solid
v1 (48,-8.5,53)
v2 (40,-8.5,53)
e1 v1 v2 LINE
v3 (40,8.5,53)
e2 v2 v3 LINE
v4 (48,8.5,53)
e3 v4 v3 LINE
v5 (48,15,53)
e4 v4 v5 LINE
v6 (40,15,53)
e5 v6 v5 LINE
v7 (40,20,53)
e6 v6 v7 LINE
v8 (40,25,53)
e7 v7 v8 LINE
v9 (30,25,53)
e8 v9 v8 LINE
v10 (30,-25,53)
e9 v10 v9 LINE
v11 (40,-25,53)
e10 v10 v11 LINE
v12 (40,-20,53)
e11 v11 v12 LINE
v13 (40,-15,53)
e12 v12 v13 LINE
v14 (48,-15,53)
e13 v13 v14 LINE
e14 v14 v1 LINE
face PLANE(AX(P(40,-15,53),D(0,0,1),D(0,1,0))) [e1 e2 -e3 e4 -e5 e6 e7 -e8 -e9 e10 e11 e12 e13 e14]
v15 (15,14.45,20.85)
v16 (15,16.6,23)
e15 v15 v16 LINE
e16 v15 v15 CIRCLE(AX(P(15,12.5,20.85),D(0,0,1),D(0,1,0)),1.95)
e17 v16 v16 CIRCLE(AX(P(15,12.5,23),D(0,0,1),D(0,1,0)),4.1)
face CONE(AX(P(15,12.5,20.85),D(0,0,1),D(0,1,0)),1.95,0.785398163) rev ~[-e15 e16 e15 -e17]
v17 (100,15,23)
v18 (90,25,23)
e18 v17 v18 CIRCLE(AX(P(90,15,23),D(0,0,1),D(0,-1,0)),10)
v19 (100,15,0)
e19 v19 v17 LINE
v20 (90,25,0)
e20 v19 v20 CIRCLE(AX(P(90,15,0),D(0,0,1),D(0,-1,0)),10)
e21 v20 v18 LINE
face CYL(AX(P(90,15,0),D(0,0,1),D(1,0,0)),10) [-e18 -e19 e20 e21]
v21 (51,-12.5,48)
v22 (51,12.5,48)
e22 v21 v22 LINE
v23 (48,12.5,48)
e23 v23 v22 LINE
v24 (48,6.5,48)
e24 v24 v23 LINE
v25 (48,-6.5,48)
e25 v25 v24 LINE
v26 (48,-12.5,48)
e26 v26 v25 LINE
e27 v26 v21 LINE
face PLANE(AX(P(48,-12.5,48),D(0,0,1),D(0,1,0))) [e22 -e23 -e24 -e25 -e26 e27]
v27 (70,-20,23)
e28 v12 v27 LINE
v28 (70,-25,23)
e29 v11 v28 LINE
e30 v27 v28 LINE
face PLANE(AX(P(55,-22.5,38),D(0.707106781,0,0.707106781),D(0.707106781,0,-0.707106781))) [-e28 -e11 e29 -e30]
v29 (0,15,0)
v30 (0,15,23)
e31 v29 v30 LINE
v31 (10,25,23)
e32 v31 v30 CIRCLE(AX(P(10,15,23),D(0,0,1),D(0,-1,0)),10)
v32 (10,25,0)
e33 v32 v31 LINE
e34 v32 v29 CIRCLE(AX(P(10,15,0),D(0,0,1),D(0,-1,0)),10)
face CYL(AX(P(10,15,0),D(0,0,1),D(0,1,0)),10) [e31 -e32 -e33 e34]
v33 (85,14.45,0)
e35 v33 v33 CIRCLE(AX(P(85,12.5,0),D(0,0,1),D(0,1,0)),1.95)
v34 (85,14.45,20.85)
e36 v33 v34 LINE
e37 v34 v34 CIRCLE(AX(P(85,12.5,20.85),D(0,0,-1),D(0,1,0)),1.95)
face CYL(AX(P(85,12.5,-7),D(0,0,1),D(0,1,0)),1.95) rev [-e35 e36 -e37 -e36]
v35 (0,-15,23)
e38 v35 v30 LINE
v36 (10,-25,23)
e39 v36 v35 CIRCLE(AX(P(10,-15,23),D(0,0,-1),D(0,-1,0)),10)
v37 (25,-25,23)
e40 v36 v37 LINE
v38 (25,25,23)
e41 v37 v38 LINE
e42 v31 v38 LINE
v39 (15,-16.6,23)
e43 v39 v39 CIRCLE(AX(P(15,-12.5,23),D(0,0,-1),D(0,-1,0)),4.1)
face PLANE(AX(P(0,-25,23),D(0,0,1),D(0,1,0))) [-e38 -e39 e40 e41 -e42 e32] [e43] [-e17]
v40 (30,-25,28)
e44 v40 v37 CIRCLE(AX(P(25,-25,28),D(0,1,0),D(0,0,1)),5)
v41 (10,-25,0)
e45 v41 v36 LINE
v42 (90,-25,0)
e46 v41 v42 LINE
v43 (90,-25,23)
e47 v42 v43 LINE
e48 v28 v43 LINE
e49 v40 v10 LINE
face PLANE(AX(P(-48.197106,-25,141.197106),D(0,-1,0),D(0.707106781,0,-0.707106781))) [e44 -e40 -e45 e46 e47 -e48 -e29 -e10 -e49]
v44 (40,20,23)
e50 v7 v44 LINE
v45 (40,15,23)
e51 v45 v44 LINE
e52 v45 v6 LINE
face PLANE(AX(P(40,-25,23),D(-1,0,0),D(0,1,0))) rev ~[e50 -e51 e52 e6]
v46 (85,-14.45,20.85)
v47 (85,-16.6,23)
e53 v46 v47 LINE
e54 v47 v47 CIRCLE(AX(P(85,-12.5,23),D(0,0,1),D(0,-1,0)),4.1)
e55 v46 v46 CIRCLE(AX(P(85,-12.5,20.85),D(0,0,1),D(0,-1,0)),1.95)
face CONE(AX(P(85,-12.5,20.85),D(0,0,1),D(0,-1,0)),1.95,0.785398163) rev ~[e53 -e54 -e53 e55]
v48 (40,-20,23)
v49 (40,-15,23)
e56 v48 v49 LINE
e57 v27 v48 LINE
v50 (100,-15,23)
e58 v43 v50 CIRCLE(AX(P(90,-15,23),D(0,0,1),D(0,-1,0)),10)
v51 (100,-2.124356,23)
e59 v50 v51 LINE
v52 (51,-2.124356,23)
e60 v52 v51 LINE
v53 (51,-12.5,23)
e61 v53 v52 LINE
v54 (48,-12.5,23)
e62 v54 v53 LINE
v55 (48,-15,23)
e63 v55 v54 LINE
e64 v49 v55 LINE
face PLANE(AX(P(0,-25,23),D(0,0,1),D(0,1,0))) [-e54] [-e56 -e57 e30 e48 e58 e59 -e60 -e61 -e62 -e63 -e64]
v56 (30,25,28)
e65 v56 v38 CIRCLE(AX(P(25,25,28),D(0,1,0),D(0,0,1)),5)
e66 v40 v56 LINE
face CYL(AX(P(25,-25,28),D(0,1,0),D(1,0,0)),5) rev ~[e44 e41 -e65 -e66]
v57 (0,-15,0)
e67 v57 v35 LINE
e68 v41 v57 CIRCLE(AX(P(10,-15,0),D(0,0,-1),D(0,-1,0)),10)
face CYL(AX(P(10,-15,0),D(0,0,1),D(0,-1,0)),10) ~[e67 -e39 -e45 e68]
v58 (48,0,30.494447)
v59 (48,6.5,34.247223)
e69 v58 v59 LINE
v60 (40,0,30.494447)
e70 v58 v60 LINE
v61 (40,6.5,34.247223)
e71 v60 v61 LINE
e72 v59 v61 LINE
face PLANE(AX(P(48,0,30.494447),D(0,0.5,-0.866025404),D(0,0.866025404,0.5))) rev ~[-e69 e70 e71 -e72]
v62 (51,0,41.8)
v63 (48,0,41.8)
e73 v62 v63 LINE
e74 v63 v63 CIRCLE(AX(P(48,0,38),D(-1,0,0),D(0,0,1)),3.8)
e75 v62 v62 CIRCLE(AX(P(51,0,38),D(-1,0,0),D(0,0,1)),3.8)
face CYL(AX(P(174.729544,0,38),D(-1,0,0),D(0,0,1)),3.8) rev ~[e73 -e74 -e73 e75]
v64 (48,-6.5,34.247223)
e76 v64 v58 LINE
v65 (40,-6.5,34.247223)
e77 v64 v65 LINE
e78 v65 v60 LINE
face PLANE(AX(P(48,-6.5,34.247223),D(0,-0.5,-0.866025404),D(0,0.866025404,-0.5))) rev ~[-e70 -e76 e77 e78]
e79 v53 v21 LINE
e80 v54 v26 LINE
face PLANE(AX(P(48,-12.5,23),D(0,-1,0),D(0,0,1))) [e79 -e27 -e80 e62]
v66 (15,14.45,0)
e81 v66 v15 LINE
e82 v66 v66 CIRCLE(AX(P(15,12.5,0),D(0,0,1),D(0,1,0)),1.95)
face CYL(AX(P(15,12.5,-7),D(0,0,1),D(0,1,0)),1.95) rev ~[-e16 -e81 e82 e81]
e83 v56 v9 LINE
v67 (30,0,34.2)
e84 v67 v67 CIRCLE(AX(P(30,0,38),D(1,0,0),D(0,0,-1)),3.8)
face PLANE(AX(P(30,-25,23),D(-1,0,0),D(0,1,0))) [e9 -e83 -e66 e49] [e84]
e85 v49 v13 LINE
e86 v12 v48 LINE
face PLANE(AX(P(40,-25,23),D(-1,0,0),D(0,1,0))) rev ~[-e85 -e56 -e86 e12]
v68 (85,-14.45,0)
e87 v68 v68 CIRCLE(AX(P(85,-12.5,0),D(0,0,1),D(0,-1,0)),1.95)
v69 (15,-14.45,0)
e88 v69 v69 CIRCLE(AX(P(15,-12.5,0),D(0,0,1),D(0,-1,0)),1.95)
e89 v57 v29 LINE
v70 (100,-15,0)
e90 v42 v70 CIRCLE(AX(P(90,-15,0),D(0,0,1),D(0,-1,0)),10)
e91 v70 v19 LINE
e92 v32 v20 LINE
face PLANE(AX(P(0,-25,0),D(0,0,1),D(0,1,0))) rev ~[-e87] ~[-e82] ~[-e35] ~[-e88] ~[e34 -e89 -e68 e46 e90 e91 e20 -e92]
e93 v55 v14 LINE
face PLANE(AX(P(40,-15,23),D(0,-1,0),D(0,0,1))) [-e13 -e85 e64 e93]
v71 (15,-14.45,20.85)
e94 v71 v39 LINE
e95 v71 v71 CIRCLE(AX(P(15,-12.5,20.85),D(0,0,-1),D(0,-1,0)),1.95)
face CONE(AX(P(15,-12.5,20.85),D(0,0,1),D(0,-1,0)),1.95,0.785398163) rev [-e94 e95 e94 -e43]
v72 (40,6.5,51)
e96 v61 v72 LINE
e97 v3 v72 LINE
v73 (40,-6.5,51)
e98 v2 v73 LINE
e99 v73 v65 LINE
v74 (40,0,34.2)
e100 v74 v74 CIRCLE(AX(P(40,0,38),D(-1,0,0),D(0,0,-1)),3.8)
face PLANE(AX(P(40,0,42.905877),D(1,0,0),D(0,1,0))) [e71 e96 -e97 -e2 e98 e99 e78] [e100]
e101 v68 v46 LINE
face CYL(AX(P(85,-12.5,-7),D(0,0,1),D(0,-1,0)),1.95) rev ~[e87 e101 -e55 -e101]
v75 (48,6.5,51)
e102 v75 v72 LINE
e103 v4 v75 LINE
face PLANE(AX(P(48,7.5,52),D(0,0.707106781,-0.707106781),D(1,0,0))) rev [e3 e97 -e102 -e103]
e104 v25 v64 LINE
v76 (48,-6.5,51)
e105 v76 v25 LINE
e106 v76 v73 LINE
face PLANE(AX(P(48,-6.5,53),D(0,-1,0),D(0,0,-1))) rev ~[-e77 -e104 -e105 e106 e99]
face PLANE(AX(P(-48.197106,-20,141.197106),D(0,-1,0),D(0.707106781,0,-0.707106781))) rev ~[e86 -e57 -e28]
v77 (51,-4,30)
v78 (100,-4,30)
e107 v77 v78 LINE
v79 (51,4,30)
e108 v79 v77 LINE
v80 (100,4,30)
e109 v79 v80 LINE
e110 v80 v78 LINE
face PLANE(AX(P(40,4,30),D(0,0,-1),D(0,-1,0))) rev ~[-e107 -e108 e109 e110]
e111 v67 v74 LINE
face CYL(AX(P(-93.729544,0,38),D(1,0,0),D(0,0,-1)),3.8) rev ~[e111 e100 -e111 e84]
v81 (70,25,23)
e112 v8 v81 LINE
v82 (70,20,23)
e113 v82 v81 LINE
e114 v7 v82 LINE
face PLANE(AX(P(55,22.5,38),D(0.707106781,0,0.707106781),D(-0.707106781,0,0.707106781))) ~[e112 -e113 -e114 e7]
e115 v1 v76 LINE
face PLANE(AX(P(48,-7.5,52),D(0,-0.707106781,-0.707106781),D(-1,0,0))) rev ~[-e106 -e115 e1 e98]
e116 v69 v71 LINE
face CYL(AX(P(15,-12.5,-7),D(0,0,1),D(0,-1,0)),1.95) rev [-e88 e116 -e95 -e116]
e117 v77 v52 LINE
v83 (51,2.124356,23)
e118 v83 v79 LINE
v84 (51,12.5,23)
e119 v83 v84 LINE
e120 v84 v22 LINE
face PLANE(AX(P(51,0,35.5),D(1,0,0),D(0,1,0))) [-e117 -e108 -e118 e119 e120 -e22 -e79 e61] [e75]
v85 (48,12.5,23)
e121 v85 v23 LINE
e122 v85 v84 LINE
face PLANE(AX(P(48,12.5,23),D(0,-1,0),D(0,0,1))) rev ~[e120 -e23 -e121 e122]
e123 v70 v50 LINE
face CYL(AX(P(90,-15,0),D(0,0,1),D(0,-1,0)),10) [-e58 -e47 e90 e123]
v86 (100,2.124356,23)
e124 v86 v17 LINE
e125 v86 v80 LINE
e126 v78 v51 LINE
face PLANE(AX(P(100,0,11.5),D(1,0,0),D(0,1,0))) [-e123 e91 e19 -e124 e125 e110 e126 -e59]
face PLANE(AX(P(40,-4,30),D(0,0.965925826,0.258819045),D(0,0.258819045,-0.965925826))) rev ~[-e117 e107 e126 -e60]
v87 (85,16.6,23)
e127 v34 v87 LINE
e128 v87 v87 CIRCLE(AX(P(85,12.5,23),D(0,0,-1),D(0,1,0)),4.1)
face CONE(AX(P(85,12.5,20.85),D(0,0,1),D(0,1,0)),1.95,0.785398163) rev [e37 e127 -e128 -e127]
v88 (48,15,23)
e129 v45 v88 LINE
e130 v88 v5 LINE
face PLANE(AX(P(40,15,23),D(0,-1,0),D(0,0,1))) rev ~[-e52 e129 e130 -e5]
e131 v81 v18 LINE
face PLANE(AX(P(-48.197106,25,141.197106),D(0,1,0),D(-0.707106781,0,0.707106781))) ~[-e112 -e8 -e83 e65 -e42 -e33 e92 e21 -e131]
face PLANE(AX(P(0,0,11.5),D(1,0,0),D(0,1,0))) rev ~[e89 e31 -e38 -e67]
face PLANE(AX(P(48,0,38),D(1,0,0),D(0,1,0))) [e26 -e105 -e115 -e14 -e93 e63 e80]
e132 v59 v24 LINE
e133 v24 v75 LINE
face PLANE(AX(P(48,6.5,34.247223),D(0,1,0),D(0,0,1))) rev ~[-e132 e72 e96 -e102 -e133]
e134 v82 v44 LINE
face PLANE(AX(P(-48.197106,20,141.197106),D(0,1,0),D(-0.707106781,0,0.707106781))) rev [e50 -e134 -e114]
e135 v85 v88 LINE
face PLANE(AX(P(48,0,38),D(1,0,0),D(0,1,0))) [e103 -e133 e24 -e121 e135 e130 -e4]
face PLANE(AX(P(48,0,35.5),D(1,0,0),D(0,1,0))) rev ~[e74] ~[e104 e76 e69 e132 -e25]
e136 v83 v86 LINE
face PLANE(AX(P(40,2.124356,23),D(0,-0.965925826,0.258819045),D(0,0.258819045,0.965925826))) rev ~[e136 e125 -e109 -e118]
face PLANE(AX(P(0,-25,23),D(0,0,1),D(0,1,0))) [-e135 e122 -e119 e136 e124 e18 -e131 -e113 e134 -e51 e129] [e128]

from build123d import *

# Parameters (mm, degrees)
SCHIZZO1_W                   = 50
SCHIZZO1_H                   = 23
ESTRUSIONE_ESTRUSIONE1_DEPTH = 100
SCHIZZO2_W                   = 10
SCHIZZO2_H                   = 50
ESTRUSIONE_ESTRUSIONE2_DEPTH = 30
M7_CLEARANCE_HOLE1_D         = 7.6
ESTRUSIONE_ESTRUSIONE3_DEPTH = 60
NERVATURA2_REACH             = 125.73
SCHIZZO10_WALL_W             = 291.885494398
SCHIZZO10_WALL_H             = 5
SCHIZZO11_W                  = 30
SCHIZZO11_H                  = 30
ESTRUSIONE_ESTRUSIONE4_DEPTH = 8
TAGLIO_ESTRUSIONE1_DEPTH     = 8
RACCORDO1_R                  = 10
SMUSSO2_SIZE                 = 2
RACCORDO2_R                  = 5
SCHIZZO17_W                  = 25
SCHIZZO17_H                  = 25
ESTRUSIONE_ESTRUSIONE8_DEPTH = 3
M7_CLEARANCE_HOLE2_D         = 7.6


with BuildPart() as part:
    # Schizzo1 → Estrusione-Estrusione1 (new body)
    with BuildSketch(Plane.YZ):
        with Locations((0, 11.5)):
            Rectangle(SCHIZZO1_W, SCHIZZO1_H)
    extrude(amount=ESTRUSIONE_ESTRUSIONE1_DEPTH)

    # Schizzo2 → Estrusione-Estrusione2 (add)
    with BuildSketch(Plane.XY.offset(23)):
        with Locations((35, 0)):
            Rectangle(SCHIZZO2_W, SCHIZZO2_H)
    extrude(amount=ESTRUSIONE_ESTRUSIONE2_DEPTH)

    # M7 Clearance Hole1 (through all)
    with Locations(Plane.ZY.offset(-30)):
        with Locations((38, 0)):
            Hole(M7_CLEARANCE_HOLE1_D / 2)

    # Schizzo5 → Estrusione-Estrusione3 (add)
    with BuildSketch(Plane.YZ.offset(40)):
        Polygon((-2.124355653, 23), (2.124355653, 23), (4, 30), (-4, 30), align=None)
    extrude(amount=ESTRUSIONE_ESTRUSIONE3_DEPTH)

    # Schizzo10 wall → Nervatura2 (add, up to next)
    with BuildSketch(Plane(origin=(55, -25, 38), x_dir=(0.707106781187, 0, -0.707106781187), z_dir=(0.707106781187, 0, 0.707106781187)), mode=Mode.PRIVATE) as nervatura2_sk1:
        with Locations((0, 2.5)):
            Rectangle(SCHIZZO10_WALL_W, SCHIZZO10_WALL_H)
    nervatura2_tool1 = extrude(nervatura2_sk1.sketch, amount=-NERVATURA2_REACH, mode=Mode.PRIVATE) - part.part
    nervatura2 = nervatura2_tool1.solids().sort_by_distance((55, -25, 38))[0]
    add(nervatura2)

    # Specchia2: Nervatura2 across plane
    add(nervatura2.mirror(Plane.ZX))

    # Schizzo11 → Estrusione-Estrusione4 (add)
    with BuildSketch(Plane.YZ.offset(40)):
        with Locations((0, 38)):
            Rectangle(SCHIZZO11_W, SCHIZZO11_H)
    extrude(amount=ESTRUSIONE_ESTRUSIONE4_DEPTH)

    # Schizzo13 → Taglio-Estrusione1 (cut)
    with BuildSketch(Plane.YZ.offset(48)):
        Polygon((-6.5, 41.75277675), (-6.5, 34.24722325), (0, 30.494446501), (6.5, 34.24722325), (6.5, 41.75277675), (6.5, 53), (-6.5, 53), align=None)
    extrude(amount=-TAGLIO_ESTRUSIONE1_DEPTH, mode=Mode.SUBTRACT)

    # Schizzo16 → CSK for M3.5 Oval Head Machine Screw1 (revolve, cut)
    with BuildSketch(Plane(origin=(15, -12.5, 23), x_dir=(0, -1, 0), z_dir=(1, 0, 0))):
        Polygon((0, 0), (0, 31.171678207), (1.95, 30), (1.95, 2.15), (4.1, 0), align=None)
    csk_for_m3_5_oval_head_machine_screw1 = revolve(axis=Axis((15, -12.5, 29.35), (0, 0, -1)), mode=Mode.SUBTRACT)

    # Specchia3: CSK for M3.5 Oval Head Machine Screw1 across plane
    add(csk_for_m3_5_oval_head_machine_screw1.mirror(Plane.ZY.offset(-50)), mode=Mode.SUBTRACT)

    # Specchia3 at the second plane: CSK for M3.5 Oval Head Machine Screw1 across plane
    add(csk_for_m3_5_oval_head_machine_screw1.mirror(Plane.ZX), mode=Mode.SUBTRACT)

    # Specchia3 at the second plane copy 1 ske → Specchia3 at the second plane copy 1 (revolve, cut)
    with BuildSketch(Plane(origin=(85, 12.5, 23), x_dir=(0, 1, 0), z_dir=(-1, 0, 0))):
        Polygon((0, 0), (0, 31.171678207), (1.95, 30), (1.95, 2.15), (4.1, 0), align=None)
    revolve(axis=Axis((85, 12.5, 29.35), (0, 0, -1)), mode=Mode.SUBTRACT)

    # Raccordo1
    raccordo1_edges = [part.edges().sort_by_distance(p)[0] for p in [
        (100, 25, 11.5),
        (100, -25, 11.5),
        (0, 25, 11.5),
        (0, -25, 11.5),
    ]]
    fillet(raccordo1_edges, radius=RACCORDO1_R)

    # Smusso2
    smusso2_edges = [part.edges().sort_by_distance(p)[0] for p in [
        (44, 6.5, 53),
        (44, -6.5, 53),
    ]]
    chamfer(smusso2_edges, length=SMUSSO2_SIZE)

    # Raccordo2
    raccordo2_edges = [part.edges().sort_by_distance(p)[0] for p in [
        (30, 0, 23),
    ]]
    fillet(raccordo2_edges, radius=RACCORDO2_R)

    # Schizzo17 → Estrusione-Estrusione8 (add)
    with BuildSketch(Plane.YZ.offset(48)):
        with Locations((0, 35.5)):
            Rectangle(SCHIZZO17_W, SCHIZZO17_H)
    extrude(amount=ESTRUSIONE_ESTRUSIONE8_DEPTH)

    # M7 Clearance Hole2 (through all)
    with Locations(Plane(origin=(51, 0, 0), x_dir=(0, 0, -1), z_dir=(1, 0, 0))):
        with Locations((-38, 0)):
            Hole(M7_CLEARANCE_HOLE2_D / 2)


solid = part.part
